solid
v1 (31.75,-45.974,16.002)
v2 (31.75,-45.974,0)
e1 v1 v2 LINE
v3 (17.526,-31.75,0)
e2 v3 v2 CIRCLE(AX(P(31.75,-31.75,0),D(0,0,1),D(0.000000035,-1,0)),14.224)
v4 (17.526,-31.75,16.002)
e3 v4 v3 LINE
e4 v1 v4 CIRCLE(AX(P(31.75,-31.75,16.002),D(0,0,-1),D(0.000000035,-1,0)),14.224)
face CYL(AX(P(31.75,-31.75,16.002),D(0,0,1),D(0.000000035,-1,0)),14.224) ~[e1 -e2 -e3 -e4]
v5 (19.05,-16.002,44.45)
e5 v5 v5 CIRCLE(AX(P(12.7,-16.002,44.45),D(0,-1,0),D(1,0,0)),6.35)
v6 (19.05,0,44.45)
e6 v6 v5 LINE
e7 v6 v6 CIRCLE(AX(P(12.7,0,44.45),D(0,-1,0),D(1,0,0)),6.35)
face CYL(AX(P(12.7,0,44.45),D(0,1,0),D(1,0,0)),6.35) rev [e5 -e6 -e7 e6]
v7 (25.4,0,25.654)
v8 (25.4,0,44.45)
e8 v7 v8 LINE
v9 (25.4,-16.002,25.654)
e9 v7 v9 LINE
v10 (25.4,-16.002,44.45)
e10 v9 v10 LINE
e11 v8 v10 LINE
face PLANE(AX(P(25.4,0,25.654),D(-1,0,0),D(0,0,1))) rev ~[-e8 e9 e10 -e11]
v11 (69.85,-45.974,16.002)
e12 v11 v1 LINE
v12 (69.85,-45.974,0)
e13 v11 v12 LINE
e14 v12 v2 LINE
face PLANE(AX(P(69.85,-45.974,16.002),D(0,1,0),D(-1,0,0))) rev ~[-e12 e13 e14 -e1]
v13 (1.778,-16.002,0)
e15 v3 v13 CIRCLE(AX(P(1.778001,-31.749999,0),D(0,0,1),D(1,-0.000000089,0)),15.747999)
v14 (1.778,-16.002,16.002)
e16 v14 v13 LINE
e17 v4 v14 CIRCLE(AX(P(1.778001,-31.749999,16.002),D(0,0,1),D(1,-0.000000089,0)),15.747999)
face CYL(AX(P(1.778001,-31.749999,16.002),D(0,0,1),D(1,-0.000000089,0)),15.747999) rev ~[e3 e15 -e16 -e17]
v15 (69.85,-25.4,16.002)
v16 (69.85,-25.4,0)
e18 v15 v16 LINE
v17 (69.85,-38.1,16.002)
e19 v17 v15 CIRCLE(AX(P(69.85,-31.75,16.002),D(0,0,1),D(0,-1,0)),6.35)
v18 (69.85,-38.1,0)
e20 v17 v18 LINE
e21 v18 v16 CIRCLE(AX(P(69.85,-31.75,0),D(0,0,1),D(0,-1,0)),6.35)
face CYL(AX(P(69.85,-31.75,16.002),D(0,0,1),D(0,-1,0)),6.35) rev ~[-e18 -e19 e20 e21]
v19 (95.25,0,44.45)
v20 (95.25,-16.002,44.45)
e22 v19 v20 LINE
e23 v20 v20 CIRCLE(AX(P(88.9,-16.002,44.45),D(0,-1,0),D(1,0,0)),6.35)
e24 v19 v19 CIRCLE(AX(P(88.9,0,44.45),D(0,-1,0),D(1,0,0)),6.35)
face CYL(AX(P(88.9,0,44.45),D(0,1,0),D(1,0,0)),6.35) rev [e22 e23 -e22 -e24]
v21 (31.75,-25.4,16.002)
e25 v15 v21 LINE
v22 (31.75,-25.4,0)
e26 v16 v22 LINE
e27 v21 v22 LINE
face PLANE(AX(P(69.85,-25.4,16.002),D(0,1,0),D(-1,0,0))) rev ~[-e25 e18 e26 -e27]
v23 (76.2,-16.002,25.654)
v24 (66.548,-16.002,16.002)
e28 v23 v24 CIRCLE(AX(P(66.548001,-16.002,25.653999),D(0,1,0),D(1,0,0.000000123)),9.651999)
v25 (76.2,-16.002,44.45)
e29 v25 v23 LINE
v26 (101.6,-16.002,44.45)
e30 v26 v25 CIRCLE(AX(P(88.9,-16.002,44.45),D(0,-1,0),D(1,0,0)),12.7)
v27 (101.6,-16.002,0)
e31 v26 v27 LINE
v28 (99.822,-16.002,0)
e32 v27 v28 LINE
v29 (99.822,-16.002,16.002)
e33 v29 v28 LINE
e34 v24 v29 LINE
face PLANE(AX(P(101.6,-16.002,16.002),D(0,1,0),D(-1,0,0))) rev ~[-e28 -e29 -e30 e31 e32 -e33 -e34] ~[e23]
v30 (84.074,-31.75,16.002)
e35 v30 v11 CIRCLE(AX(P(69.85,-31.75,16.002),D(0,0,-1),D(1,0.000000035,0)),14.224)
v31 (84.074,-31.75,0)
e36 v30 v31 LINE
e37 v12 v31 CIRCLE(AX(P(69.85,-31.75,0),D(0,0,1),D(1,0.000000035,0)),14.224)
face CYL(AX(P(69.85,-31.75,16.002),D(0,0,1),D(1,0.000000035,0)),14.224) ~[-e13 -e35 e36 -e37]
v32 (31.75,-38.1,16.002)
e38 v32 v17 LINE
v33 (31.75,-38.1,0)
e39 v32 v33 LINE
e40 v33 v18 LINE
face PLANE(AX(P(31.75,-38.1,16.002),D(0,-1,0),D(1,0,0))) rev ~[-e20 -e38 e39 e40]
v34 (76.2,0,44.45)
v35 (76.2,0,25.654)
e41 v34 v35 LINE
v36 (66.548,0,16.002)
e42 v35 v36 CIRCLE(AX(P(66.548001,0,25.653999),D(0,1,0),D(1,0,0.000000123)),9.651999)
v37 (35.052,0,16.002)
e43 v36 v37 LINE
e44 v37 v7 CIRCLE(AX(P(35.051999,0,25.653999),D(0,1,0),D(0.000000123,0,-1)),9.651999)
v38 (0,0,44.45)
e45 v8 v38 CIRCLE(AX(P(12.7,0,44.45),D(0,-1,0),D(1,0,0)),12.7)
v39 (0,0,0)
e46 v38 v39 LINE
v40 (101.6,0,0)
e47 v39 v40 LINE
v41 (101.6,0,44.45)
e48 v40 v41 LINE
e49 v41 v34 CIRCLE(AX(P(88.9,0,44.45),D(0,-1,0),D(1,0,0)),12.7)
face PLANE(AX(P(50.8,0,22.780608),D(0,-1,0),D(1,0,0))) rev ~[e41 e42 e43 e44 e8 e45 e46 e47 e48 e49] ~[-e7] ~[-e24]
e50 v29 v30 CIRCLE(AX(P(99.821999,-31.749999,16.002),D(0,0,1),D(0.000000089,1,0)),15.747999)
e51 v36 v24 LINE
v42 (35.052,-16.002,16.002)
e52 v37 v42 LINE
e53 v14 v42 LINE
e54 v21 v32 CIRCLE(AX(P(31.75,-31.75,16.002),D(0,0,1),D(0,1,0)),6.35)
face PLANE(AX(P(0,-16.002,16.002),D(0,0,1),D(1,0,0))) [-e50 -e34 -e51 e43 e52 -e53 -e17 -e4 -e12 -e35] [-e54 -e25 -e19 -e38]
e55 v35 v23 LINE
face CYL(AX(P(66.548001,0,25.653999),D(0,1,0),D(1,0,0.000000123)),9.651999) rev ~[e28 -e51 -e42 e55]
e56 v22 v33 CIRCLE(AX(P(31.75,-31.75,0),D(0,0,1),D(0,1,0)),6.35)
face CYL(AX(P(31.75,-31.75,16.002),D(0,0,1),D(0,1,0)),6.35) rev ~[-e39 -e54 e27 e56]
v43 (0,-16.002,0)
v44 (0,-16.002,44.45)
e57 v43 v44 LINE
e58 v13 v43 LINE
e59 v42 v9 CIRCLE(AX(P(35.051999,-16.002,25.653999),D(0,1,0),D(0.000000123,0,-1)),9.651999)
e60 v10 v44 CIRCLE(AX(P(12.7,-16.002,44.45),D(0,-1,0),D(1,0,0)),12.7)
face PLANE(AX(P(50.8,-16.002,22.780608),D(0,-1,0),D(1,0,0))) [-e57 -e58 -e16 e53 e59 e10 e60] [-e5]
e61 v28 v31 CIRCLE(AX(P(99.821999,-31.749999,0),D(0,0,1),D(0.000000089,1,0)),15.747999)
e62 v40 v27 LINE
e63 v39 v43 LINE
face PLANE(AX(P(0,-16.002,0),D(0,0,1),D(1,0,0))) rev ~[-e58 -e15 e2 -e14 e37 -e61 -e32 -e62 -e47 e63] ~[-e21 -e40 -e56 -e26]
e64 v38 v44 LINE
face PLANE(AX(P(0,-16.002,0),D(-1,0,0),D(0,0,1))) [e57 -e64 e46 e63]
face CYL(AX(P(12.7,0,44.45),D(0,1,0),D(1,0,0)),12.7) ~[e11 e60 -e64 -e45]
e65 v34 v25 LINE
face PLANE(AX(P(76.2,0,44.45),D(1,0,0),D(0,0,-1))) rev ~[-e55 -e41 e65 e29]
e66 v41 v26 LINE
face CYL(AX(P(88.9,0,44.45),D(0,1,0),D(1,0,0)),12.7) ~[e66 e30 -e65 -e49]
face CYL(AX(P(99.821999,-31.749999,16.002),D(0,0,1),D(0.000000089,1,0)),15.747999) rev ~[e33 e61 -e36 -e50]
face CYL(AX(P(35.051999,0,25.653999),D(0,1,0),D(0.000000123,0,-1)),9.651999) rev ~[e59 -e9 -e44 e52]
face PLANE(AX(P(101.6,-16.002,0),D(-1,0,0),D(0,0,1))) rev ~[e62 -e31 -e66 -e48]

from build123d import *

# Parameters (mm, degrees)
F0_R     = 6.35
F1_DEPTH = 16.002
F2_W     = 101.6
F2_H     = 16.002
F3_DEPTH = 50.8
F5_DEPTH = 16.003


with BuildPart() as f1:
    # F0 (on Front) → F1 (new body)
    with BuildSketch(Plane.XZ):
        with BuildLine():
            Line((101.6, 0), (101.6, 44.45))
            ThreePointArc((101.6, 44.45), (88.9, 57.15), (76.2, 44.45))
            Line((76.2, 44.45), (76.2, 25.654))
            ThreePointArc((76.2, 25.654), (73.372995, 18.829005), (66.548, 16.002))
            Line((66.548, 16.002), (35.052, 16.002))
            ThreePointArc((35.052, 16.002), (28.227005, 18.829005), (25.4, 25.654))
            Line((25.4, 25.654), (25.4, 44.45))
            ThreePointArc((25.4, 44.45), (12.7, 57.15), (0, 44.45))
            Line((0, 44.45), (0, 0))
            Line((0, 0), (101.6, 0))
        make_face()
        with Locations((12.7, 44.45)):
            Circle(F0_R, mode=Mode.SUBTRACT)
        with Locations((88.9, 44.45)):
            Circle(F0_R, mode=Mode.SUBTRACT)
    extrude(amount=F1_DEPTH)

    # F2 (on face) → F3 (join)
    with BuildSketch(Plane.XZ.offset(16.002)):
        with Locations((50.8, 8.001)):
            Rectangle(F2_W, F2_H)
    extrude(amount=F3_DEPTH)

    # F4 (on face) → F5 (cut, through all)
    with BuildSketch(Plane.XY.offset(16.002)):
        with BuildLine():
            ThreePointArc((31.75, -45.974), (21.692113, -41.807887), (17.526, -31.75))
            ThreePointArc((17.526, -31.75), (12.913518, -20.614482), (1.778, -16.002))
            Line((1.778, -16.002), (0, -16.002))
            Line((0, -16.002), (0, -66.802))
            Line((0, -66.802), (101.6, -66.802))
            Line((101.6, -66.802), (101.6, -16.002))
            Line((101.6, -16.002), (99.822, -16.002))
            ThreePointArc((99.822, -16.002), (88.686482, -20.614482), (84.074, -31.75))
            ThreePointArc((84.074, -31.75), (79.907887, -41.807887), (69.85, -45.974))
            Line((69.85, -45.974), (31.75, -45.974))
        make_face()
        with BuildLine():
            Line((69.85, -25.4), (31.75, -25.4))
            ThreePointArc((31.75, -25.4), (25.4, -31.75), (31.75, -38.1))
            Line((31.75, -38.1), (69.85, -38.1))
            ThreePointArc((69.85, -38.1), (76.2, -31.75), (69.85, -25.4))
        make_face()
    extrude(amount=-F5_DEPTH, mode=Mode.SUBTRACT)


solid = f1.part
